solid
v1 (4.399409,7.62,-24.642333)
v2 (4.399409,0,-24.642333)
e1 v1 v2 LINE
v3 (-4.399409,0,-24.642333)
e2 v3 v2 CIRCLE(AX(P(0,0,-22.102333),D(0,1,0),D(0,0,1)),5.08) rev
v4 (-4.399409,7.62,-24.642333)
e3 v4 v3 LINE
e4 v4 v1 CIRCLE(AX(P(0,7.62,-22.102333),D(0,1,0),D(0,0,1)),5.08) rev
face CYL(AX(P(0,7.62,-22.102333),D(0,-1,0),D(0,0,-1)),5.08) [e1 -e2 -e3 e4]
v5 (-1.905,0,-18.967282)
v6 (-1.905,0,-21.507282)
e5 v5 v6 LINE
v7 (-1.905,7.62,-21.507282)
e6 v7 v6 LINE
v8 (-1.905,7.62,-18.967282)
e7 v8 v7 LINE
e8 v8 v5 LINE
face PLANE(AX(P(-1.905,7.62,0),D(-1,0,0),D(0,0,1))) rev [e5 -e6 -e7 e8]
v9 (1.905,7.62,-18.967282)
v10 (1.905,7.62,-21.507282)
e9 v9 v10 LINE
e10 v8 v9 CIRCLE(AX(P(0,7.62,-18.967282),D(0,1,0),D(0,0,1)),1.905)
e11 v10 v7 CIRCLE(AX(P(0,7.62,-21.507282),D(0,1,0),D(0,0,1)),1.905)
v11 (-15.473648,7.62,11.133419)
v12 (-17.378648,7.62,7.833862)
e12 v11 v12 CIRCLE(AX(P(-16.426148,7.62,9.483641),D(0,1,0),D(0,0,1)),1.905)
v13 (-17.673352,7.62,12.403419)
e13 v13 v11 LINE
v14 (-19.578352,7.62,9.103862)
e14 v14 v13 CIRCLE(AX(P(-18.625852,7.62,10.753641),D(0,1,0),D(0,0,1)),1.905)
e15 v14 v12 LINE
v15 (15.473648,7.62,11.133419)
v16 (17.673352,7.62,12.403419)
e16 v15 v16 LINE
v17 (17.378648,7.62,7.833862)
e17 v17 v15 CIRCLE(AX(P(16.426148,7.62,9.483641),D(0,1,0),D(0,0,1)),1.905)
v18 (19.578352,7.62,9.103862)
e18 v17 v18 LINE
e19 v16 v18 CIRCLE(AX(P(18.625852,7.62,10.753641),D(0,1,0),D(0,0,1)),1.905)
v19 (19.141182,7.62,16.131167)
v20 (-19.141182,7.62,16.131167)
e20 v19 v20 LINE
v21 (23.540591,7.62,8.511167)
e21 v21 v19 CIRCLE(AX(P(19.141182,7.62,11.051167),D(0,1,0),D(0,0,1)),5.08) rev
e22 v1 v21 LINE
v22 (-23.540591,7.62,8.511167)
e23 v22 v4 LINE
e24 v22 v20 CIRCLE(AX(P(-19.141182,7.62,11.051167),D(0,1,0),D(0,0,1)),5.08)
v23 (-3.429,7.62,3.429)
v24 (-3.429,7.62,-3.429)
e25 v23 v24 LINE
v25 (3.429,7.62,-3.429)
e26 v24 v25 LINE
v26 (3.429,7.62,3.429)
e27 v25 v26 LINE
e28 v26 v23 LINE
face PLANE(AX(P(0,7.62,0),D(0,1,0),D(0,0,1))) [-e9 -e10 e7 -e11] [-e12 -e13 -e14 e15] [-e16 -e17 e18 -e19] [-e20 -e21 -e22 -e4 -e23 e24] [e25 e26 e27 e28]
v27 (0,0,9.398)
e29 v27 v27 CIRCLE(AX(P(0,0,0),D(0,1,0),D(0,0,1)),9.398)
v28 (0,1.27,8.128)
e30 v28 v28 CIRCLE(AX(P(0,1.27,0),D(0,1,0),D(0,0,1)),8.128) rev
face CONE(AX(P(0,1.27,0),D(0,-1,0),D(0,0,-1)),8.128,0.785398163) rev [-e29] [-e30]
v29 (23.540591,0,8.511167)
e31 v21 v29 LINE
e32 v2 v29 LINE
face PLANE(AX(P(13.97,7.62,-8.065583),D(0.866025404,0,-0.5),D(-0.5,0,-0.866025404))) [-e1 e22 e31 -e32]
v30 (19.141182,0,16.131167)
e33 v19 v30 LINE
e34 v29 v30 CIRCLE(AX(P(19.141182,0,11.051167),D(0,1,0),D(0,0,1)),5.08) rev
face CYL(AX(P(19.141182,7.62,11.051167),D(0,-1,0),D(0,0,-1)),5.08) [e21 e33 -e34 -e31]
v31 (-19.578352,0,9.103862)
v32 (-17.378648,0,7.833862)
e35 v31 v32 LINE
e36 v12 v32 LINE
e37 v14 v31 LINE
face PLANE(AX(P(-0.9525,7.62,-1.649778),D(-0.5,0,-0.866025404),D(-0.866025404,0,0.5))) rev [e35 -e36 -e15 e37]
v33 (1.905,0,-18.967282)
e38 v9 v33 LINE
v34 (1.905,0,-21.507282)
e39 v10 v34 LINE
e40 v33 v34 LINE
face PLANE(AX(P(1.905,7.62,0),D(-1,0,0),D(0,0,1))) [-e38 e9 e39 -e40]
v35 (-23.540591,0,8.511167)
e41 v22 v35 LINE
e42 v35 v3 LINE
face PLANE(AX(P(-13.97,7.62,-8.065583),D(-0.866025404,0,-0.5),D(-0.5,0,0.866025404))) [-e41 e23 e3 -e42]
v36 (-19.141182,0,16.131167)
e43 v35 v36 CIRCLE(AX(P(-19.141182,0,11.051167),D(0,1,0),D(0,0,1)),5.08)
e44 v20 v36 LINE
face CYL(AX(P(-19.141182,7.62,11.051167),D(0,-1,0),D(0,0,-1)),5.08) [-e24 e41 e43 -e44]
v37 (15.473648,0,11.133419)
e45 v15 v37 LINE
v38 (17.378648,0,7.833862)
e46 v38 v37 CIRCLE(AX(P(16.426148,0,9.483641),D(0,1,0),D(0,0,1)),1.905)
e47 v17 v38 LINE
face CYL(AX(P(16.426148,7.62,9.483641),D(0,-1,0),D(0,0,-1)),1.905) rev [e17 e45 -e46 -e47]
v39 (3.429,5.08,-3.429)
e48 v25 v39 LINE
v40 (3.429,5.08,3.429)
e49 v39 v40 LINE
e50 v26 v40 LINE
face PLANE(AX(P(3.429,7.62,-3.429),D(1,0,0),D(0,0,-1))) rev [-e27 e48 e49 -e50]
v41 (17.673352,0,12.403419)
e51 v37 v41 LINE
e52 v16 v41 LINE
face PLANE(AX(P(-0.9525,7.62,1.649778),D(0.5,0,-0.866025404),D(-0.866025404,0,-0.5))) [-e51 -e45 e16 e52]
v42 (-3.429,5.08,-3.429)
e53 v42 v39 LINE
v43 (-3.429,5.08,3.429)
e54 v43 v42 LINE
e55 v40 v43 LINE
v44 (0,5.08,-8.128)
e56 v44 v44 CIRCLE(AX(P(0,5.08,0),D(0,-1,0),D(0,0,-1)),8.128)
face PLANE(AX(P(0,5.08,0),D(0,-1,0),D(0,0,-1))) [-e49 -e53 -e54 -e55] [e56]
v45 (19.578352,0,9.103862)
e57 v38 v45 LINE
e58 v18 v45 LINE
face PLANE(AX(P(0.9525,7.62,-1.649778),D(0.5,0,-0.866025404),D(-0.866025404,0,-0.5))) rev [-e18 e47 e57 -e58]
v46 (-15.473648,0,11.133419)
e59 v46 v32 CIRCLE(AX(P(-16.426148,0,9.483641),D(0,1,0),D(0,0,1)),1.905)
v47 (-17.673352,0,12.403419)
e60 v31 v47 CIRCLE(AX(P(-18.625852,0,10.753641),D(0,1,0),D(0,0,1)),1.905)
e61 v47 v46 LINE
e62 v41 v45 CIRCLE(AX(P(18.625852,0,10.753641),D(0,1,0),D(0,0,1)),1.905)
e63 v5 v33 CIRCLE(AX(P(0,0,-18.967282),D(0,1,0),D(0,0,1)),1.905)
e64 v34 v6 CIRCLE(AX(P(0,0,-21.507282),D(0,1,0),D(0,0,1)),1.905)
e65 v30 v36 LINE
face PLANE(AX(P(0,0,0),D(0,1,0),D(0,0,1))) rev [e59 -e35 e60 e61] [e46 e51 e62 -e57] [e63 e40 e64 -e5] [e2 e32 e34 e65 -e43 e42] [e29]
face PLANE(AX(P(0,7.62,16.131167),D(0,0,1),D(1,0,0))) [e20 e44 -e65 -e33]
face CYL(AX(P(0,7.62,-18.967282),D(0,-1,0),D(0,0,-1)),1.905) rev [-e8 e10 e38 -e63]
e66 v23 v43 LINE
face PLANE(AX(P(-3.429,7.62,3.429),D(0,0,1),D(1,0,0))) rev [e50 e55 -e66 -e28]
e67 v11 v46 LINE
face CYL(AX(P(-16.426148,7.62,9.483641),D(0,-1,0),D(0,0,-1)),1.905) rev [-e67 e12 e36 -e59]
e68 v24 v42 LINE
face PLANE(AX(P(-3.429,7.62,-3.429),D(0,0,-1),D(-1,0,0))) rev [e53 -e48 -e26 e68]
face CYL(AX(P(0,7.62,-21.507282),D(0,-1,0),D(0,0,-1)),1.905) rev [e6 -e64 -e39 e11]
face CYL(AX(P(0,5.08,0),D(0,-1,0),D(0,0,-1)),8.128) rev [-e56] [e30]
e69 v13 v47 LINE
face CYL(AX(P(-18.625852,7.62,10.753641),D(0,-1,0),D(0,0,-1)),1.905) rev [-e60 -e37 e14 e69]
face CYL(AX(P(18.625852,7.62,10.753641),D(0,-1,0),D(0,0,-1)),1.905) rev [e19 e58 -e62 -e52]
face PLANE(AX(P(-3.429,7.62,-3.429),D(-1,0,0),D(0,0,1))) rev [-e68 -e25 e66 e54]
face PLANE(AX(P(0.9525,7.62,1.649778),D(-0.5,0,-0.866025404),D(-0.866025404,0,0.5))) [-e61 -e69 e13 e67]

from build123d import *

# Parameters (mm, degrees)
SKETCH1_R           = 3.175
BOSS_EXTRUDE1_DEPTH = 7.62
SKETCH2_R           = 8.128
CUT_EXTRUDE1_DEPTH  = 5.08
SKETCH3_W           = 6.858
SKETCH3_H           = 6.858
CUT_EXTRUDE2_DEPTH  = 8.62
CHAMFER1_SIZE       = 1.27


with BuildPart() as part:
    # Sketch1 → Boss-Extrude1 (new body)
    with BuildSketch(Plane(origin=(0, 0, 0), x_dir=(1, 0, 0), z_dir=(0, 1, 0))):
        with BuildLine():
            ThreePointArc((-4.399409051, 24.642333042), (0, 27.182333042), (4.399409051, 24.642333042))
            Line((4.399409051, 24.642333042), (23.540590949, -8.511166521))
            ThreePointArc((23.540590949, -8.511166521), (23.540590949, -13.591166521), (19.141181898, -16.131166521))
            Line((19.141181898, -16.131166521), (-19.141181898, -16.131166521))
            ThreePointArc((-19.141181898, -16.131166521), (-23.540590949, -13.591166521), (-23.540590949, -8.511166521))
            Line((-23.540590949, -8.511166521), (-4.399409051, 24.642333042))
        make_face()
        Circle(SKETCH1_R, mode=Mode.SUBTRACT)
        with BuildLine():
            ThreePointArc((17.673352263, -12.403419212), (20.275630657, -11.706140818), (19.578352263, -9.103862424))
            Line((19.578352263, -9.103862424), (17.378647737, -7.833862424))
            ThreePointArc((17.378647737, -7.833862424), (14.776369343, -8.531140818), (15.473647737, -11.133419212))
            Line((15.473647737, -11.133419212), (17.673352263, -12.403419212))
        make_face(mode=Mode.SUBTRACT)
        with BuildLine():
            ThreePointArc((-15.473647737, -11.133419212), (-14.776369343, -8.531140818), (-17.378647737, -7.833862424))
            Line((-17.378647737, -7.833862424), (-19.578352263, -9.103862424))
            ThreePointArc((-19.578352263, -9.103862424), (-20.275630657, -11.706140818), (-17.673352263, -12.403419212))
            Line((-17.673352263, -12.403419212), (-15.473647737, -11.133419212))
        make_face(mode=Mode.SUBTRACT)
        with BuildLine():
            ThreePointArc((1.905, 21.507281636), (0, 23.412281636), (-1.905, 21.507281636))
            Line((-1.905, 21.507281636), (-1.905, 18.967281636))
            ThreePointArc((-1.905, 18.967281636), (0, 17.062281636), (1.905, 18.967281636))
            Line((1.905, 18.967281636), (1.905, 21.507281636))
        make_face(mode=Mode.SUBTRACT)
    extrude(amount=BOSS_EXTRUDE1_DEPTH)

    # Sketch2 → Cut-Extrude1 (cut)
    with BuildSketch(Plane.XZ):
        Circle(SKETCH2_R)
    extrude(amount=-CUT_EXTRUDE1_DEPTH, mode=Mode.SUBTRACT)

    # Sketch3 → Cut-Extrude2 (cut, through all)
    with BuildSketch(Plane(origin=(0, 0, 0), x_dir=(-1, 0, 0), z_dir=(0, -1, 0))):
        Rectangle(SKETCH3_W, SKETCH3_H)
    extrude(amount=-CUT_EXTRUDE2_DEPTH, mode=Mode.SUBTRACT)

    # Chamfer1
    chamfer1_edges = [part.edges().sort_by_distance(p)[0] for p in [
        (-8.128, 0, 0),
    ]]
    chamfer(chamfer1_edges, length=CHAMFER1_SIZE)


solid = part.part
